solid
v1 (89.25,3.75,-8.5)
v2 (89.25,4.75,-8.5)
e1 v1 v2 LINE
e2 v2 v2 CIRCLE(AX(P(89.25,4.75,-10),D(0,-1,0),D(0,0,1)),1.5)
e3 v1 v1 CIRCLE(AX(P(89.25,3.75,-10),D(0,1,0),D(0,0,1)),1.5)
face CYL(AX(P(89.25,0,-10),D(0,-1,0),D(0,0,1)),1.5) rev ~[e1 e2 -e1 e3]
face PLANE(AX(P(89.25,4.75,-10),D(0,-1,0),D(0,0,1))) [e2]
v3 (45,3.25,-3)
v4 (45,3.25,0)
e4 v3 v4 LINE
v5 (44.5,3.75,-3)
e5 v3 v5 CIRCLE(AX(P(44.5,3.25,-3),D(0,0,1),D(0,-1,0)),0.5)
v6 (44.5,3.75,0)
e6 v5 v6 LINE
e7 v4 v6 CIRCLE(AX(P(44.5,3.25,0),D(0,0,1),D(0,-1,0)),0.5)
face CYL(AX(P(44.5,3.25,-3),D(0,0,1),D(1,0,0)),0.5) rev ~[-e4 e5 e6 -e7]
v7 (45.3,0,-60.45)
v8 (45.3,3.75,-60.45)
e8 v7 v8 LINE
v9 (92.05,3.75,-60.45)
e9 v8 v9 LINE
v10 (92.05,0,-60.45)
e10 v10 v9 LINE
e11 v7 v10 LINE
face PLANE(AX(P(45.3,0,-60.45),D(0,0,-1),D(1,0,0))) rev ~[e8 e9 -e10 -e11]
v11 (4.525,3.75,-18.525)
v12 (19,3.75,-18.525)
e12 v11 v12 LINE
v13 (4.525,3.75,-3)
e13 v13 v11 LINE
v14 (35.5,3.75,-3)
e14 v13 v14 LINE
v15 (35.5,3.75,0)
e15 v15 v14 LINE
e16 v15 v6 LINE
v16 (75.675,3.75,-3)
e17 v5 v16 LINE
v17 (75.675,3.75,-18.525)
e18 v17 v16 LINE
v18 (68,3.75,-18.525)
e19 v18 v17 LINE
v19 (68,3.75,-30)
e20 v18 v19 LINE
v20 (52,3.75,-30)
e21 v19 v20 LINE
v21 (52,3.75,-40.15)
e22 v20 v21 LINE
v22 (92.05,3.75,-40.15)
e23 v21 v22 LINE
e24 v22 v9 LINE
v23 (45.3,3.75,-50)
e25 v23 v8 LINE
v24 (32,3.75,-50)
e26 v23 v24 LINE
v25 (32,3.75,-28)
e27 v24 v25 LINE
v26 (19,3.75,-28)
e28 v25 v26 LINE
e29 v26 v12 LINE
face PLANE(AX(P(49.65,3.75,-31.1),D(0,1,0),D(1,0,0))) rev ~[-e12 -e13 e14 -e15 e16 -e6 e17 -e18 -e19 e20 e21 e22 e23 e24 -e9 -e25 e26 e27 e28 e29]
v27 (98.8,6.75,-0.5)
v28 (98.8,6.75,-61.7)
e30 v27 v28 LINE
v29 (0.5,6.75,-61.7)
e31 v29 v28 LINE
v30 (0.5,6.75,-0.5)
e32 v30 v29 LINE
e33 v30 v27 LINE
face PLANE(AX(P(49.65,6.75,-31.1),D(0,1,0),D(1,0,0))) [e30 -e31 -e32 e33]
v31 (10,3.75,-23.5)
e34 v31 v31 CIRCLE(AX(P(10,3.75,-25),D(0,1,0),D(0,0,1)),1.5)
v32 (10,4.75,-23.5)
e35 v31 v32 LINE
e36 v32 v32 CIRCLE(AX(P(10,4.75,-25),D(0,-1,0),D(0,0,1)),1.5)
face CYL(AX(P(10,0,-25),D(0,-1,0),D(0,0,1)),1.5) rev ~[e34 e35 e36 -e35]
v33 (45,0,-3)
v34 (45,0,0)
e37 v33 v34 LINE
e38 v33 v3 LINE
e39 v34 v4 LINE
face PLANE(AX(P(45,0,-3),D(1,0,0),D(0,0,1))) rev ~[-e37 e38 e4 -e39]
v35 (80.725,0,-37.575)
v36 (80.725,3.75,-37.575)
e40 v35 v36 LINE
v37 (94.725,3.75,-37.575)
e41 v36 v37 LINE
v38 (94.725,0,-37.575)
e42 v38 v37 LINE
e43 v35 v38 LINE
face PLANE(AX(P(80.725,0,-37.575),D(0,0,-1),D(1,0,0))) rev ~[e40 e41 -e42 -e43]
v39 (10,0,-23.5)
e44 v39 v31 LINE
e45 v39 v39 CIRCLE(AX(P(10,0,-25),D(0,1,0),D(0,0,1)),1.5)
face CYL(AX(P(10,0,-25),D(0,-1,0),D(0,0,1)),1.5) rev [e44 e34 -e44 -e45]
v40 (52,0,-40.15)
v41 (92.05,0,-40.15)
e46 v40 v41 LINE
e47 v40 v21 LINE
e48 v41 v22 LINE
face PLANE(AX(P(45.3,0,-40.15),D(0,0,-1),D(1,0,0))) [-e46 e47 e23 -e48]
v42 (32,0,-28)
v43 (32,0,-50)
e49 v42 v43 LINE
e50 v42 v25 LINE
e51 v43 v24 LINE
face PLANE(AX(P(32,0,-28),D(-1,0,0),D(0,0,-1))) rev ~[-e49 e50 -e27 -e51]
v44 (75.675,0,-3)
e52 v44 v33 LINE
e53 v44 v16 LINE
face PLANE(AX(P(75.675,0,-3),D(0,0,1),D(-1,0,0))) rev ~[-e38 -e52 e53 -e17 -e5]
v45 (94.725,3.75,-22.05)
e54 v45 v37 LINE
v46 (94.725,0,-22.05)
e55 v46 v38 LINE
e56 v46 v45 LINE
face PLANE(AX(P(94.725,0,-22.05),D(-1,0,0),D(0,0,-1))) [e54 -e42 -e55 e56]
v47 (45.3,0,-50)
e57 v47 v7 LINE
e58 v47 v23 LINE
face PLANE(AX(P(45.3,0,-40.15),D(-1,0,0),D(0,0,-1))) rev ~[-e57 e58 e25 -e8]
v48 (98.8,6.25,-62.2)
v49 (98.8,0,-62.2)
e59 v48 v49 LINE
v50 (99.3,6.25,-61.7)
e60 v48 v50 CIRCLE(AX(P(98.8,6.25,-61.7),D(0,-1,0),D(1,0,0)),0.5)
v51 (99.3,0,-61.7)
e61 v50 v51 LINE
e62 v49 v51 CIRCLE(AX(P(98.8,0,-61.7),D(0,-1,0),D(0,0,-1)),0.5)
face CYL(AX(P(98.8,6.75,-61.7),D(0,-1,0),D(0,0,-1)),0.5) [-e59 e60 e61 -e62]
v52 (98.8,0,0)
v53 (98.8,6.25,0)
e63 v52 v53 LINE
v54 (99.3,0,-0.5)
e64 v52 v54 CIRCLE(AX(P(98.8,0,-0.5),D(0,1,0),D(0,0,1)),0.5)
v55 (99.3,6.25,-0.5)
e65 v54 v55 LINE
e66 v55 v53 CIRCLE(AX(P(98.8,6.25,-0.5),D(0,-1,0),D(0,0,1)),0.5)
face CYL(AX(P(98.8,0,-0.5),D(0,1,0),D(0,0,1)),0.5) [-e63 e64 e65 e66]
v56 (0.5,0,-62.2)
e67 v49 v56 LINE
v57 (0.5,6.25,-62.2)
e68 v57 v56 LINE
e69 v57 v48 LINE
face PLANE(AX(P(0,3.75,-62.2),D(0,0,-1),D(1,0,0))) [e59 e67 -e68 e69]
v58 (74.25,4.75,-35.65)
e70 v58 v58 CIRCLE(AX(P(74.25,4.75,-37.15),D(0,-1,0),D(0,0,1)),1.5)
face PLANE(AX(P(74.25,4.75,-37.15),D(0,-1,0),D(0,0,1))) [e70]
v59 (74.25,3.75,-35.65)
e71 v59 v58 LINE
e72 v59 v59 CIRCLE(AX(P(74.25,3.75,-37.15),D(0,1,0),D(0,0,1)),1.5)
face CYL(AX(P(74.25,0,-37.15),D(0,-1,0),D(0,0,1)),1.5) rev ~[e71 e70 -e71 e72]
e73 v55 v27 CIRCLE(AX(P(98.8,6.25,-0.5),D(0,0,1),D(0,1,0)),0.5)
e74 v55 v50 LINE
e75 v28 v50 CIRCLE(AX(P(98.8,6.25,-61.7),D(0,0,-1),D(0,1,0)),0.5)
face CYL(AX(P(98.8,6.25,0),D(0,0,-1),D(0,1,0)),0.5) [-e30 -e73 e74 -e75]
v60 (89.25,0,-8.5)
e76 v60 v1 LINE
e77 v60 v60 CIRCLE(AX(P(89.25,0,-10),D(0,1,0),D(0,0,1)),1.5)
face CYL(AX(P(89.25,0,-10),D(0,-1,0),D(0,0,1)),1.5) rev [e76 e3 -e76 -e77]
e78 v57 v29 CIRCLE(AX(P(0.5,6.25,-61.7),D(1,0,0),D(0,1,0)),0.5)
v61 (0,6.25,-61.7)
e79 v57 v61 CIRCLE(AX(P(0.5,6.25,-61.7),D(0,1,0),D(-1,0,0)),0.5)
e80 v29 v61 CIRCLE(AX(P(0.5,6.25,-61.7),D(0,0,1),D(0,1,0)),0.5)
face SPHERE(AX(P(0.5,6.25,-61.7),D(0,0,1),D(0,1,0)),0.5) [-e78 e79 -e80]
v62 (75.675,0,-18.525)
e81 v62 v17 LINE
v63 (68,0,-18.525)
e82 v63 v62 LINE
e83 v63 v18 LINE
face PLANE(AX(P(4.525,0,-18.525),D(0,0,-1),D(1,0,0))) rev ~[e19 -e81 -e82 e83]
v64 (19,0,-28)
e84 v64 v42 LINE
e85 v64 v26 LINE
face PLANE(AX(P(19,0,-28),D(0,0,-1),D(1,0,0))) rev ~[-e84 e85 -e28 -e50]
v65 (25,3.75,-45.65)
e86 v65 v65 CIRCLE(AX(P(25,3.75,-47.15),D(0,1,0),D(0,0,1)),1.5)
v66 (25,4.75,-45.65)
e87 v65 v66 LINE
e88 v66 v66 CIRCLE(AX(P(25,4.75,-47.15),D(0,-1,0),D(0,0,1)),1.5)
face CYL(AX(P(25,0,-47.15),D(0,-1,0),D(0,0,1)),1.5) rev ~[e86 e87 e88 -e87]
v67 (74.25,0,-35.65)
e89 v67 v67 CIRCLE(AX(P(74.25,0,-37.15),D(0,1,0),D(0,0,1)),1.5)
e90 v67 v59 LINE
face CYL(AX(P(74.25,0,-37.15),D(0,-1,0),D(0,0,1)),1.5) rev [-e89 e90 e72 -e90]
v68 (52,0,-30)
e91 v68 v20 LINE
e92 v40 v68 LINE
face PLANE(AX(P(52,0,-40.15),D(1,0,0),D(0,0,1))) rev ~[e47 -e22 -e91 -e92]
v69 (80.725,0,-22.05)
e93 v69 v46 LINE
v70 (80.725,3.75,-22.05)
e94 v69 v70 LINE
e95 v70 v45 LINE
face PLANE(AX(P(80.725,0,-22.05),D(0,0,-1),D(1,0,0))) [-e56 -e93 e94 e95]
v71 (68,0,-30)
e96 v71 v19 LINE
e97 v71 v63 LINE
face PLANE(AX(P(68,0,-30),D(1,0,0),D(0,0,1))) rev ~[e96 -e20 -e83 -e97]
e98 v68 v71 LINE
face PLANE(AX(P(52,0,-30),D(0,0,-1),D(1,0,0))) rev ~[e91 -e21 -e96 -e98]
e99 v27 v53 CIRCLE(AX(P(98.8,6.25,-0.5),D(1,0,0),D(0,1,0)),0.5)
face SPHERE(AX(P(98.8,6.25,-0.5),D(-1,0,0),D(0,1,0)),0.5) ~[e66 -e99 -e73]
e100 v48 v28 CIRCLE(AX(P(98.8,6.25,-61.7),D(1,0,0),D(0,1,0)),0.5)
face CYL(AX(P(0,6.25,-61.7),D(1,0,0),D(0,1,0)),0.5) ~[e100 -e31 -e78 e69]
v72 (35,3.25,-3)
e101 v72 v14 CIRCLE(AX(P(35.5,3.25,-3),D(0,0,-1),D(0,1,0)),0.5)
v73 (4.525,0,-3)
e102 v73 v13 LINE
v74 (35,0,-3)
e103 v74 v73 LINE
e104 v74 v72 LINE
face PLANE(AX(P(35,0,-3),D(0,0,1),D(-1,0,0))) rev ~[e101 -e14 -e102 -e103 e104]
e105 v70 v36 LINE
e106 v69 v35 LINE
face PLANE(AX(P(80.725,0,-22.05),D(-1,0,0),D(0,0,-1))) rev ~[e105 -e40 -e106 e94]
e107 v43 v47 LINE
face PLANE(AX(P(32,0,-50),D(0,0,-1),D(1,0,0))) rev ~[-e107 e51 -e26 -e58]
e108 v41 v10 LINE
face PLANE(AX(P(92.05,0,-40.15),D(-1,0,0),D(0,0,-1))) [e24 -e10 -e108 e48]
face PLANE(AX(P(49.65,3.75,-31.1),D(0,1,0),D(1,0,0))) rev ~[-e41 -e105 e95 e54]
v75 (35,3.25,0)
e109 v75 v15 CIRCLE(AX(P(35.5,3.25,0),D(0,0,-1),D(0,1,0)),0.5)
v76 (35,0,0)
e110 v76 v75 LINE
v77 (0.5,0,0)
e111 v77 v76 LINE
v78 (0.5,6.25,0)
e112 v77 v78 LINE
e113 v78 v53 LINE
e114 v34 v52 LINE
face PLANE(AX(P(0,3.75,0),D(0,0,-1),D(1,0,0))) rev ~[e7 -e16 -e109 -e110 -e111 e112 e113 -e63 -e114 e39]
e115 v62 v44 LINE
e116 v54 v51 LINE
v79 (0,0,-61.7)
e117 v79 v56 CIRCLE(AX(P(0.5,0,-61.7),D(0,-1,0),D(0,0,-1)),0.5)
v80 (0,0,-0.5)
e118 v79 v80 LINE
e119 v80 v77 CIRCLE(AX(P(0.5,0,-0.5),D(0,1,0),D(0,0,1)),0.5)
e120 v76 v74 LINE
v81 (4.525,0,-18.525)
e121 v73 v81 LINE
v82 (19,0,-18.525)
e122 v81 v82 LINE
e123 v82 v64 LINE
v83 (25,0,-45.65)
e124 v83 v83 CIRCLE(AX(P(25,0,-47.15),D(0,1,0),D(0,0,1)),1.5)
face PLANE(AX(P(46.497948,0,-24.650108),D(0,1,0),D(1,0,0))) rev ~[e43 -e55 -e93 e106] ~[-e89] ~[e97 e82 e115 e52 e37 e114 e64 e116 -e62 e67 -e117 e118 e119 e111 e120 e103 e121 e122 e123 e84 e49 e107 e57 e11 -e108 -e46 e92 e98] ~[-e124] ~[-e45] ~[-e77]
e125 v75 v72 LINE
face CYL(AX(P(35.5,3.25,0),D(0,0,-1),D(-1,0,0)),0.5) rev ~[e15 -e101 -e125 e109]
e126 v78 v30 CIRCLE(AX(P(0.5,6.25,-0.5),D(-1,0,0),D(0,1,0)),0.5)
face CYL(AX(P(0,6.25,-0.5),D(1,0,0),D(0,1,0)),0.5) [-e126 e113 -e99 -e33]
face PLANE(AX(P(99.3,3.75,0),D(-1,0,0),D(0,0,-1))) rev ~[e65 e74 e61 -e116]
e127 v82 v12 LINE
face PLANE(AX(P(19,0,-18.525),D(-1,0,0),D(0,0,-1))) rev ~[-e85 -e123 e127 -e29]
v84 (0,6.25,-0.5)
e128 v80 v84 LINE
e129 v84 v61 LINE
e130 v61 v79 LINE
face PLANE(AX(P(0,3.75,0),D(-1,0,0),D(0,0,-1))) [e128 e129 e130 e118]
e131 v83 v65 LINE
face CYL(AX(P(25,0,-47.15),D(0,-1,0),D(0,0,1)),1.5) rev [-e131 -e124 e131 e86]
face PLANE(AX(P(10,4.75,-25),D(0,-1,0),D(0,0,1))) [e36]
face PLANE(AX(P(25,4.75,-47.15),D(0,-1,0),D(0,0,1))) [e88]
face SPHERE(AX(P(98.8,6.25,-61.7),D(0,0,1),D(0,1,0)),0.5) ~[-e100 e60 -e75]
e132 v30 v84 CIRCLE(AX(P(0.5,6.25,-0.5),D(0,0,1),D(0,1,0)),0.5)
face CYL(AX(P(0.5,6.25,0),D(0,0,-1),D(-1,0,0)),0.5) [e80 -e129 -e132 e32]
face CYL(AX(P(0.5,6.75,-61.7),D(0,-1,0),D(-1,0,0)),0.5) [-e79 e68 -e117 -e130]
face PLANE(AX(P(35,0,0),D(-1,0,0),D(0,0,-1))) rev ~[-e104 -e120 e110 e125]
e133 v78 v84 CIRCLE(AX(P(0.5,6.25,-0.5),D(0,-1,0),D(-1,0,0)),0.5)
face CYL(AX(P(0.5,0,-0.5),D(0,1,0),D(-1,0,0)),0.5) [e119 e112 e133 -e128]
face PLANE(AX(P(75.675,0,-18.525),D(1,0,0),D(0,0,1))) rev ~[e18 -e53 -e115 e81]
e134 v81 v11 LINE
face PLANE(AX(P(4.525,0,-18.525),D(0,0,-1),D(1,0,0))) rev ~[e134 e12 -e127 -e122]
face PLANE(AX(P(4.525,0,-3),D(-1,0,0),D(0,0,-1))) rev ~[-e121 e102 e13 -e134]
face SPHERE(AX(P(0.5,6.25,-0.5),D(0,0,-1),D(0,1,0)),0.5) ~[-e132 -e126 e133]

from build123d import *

# Parameters (mm, degrees)
SKETCH1_R           = 1.5
SKETCH1_W           = 14
SKETCH1_H           = 15.525
SKETCH1_W_2         = 46.75
SKETCH1_H_2         = 20.3
BOSS_EXTRUDE1_DEPTH = 3.75
CUT_EXTRUDE1_DEPTH  = 118.232216135
SKETCH3_W           = 99.3
SKETCH3_H           = 62.2
BOSS_EXTRUDE2_DEPTH = 3
SKETCH4_R           = 1.5
CUT_EXTRUDE2_DEPTH  = 4.75
FILLET1_R           = 0.5


with BuildPart() as part:
    # Sketch1 → Boss-Extrude1 (new body)
    with BuildSketch(Plane(origin=(0, 0, 0), x_dir=(1, 0, 0), z_dir=(0, 1, 0))):
        Polygon((0, 62.2), (0, 0), (35, 0), (35, 3), (4.525, 3), (4.525, 18.525), (75.675, 18.525), (75.675, 3), (45, 3), (45, 0), (99.3, 0), (99.3, 62.2), align=None)
        with Locations(Location((10, 25, 0), (0, 0, 270))):
            Circle(SKETCH1_R, mode=Mode.SUBTRACT)
        with Locations(Location((89.25, 10, 0), (0, 0, 270))):
            Circle(SKETCH1_R, mode=Mode.SUBTRACT)
        with Locations((87.725, 29.8125)):
            Rectangle(SKETCH1_W, SKETCH1_H, mode=Mode.SUBTRACT)
        with Locations(Location((25, 47.15, 0), (0, 0, 270))):
            Circle(SKETCH1_R, mode=Mode.SUBTRACT)
        with Locations(Location((74.25, 37.15, 0), (0, 0, 270))):
            Circle(SKETCH1_R, mode=Mode.SUBTRACT)
        with Locations((68.675, 50.3)):
            Rectangle(SKETCH1_W_2, SKETCH1_H_2, mode=Mode.SUBTRACT)
    extrude(amount=BOSS_EXTRUDE1_DEPTH)

    # Sketch2 → Cut-Extrude1 (cut, through all)
    with BuildSketch(Plane.XZ):
        Polygon((19, -18.525), (19, -28), (32, -28), (32, -50), (45.3, -50), (45.3, -40.15), (52, -40.15), (52, -30), (68, -30), (68, -18.525), align=None)
    extrude(amount=-CUT_EXTRUDE1_DEPTH, mode=Mode.SUBTRACT)

    # Sketch3 → Boss-Extrude2 (add)
    with BuildSketch(Plane(origin=(0, 3.75, 0), x_dir=(1, 0, 0), z_dir=(0, 1, 0))):
        with Locations((49.65, 31.1)):
            Rectangle(SKETCH3_W, SKETCH3_H)
    extrude(amount=BOSS_EXTRUDE2_DEPTH)

    # Sketch4 → Cut-Extrude2 (cut)
    with BuildSketch(Plane.XZ):
        with Locations(Location((89.25, -10, 0), (0, 0, 90))):
            Circle(SKETCH4_R)
        with Locations(Location((74.25, -37.15, 0), (0, 0, 90))):
            Circle(SKETCH4_R)
        with Locations(Location((25, -47.15, 0), (0, 0, 90))):
            Circle(SKETCH4_R)
        with Locations(Location((10, -25, 0), (0, 0, 90))):
            Circle(SKETCH4_R)
    extrude(amount=-CUT_EXTRUDE2_DEPTH, mode=Mode.SUBTRACT)

    # Fillet1
    fillet1_edges = [part.edges().sort_by_distance(p)[0] for p in [
        (0, 6.75, -31.1),
        (49.65, 6.75, 0),
        (99.3, 6.75, -31.1),
        (49.65, 6.75, -62.2),
        (0, 3.375, 0),
        (0, 3.375, -62.2),
        (99.3, 3.375, -62.2),
        (99.3, 3.375, 0),
        (35, 3.75, -1.5),
        (45, 3.75, -1.5),
    ]]
    fillet(fillet1_edges, radius=FILLET1_R)


solid = part.part
